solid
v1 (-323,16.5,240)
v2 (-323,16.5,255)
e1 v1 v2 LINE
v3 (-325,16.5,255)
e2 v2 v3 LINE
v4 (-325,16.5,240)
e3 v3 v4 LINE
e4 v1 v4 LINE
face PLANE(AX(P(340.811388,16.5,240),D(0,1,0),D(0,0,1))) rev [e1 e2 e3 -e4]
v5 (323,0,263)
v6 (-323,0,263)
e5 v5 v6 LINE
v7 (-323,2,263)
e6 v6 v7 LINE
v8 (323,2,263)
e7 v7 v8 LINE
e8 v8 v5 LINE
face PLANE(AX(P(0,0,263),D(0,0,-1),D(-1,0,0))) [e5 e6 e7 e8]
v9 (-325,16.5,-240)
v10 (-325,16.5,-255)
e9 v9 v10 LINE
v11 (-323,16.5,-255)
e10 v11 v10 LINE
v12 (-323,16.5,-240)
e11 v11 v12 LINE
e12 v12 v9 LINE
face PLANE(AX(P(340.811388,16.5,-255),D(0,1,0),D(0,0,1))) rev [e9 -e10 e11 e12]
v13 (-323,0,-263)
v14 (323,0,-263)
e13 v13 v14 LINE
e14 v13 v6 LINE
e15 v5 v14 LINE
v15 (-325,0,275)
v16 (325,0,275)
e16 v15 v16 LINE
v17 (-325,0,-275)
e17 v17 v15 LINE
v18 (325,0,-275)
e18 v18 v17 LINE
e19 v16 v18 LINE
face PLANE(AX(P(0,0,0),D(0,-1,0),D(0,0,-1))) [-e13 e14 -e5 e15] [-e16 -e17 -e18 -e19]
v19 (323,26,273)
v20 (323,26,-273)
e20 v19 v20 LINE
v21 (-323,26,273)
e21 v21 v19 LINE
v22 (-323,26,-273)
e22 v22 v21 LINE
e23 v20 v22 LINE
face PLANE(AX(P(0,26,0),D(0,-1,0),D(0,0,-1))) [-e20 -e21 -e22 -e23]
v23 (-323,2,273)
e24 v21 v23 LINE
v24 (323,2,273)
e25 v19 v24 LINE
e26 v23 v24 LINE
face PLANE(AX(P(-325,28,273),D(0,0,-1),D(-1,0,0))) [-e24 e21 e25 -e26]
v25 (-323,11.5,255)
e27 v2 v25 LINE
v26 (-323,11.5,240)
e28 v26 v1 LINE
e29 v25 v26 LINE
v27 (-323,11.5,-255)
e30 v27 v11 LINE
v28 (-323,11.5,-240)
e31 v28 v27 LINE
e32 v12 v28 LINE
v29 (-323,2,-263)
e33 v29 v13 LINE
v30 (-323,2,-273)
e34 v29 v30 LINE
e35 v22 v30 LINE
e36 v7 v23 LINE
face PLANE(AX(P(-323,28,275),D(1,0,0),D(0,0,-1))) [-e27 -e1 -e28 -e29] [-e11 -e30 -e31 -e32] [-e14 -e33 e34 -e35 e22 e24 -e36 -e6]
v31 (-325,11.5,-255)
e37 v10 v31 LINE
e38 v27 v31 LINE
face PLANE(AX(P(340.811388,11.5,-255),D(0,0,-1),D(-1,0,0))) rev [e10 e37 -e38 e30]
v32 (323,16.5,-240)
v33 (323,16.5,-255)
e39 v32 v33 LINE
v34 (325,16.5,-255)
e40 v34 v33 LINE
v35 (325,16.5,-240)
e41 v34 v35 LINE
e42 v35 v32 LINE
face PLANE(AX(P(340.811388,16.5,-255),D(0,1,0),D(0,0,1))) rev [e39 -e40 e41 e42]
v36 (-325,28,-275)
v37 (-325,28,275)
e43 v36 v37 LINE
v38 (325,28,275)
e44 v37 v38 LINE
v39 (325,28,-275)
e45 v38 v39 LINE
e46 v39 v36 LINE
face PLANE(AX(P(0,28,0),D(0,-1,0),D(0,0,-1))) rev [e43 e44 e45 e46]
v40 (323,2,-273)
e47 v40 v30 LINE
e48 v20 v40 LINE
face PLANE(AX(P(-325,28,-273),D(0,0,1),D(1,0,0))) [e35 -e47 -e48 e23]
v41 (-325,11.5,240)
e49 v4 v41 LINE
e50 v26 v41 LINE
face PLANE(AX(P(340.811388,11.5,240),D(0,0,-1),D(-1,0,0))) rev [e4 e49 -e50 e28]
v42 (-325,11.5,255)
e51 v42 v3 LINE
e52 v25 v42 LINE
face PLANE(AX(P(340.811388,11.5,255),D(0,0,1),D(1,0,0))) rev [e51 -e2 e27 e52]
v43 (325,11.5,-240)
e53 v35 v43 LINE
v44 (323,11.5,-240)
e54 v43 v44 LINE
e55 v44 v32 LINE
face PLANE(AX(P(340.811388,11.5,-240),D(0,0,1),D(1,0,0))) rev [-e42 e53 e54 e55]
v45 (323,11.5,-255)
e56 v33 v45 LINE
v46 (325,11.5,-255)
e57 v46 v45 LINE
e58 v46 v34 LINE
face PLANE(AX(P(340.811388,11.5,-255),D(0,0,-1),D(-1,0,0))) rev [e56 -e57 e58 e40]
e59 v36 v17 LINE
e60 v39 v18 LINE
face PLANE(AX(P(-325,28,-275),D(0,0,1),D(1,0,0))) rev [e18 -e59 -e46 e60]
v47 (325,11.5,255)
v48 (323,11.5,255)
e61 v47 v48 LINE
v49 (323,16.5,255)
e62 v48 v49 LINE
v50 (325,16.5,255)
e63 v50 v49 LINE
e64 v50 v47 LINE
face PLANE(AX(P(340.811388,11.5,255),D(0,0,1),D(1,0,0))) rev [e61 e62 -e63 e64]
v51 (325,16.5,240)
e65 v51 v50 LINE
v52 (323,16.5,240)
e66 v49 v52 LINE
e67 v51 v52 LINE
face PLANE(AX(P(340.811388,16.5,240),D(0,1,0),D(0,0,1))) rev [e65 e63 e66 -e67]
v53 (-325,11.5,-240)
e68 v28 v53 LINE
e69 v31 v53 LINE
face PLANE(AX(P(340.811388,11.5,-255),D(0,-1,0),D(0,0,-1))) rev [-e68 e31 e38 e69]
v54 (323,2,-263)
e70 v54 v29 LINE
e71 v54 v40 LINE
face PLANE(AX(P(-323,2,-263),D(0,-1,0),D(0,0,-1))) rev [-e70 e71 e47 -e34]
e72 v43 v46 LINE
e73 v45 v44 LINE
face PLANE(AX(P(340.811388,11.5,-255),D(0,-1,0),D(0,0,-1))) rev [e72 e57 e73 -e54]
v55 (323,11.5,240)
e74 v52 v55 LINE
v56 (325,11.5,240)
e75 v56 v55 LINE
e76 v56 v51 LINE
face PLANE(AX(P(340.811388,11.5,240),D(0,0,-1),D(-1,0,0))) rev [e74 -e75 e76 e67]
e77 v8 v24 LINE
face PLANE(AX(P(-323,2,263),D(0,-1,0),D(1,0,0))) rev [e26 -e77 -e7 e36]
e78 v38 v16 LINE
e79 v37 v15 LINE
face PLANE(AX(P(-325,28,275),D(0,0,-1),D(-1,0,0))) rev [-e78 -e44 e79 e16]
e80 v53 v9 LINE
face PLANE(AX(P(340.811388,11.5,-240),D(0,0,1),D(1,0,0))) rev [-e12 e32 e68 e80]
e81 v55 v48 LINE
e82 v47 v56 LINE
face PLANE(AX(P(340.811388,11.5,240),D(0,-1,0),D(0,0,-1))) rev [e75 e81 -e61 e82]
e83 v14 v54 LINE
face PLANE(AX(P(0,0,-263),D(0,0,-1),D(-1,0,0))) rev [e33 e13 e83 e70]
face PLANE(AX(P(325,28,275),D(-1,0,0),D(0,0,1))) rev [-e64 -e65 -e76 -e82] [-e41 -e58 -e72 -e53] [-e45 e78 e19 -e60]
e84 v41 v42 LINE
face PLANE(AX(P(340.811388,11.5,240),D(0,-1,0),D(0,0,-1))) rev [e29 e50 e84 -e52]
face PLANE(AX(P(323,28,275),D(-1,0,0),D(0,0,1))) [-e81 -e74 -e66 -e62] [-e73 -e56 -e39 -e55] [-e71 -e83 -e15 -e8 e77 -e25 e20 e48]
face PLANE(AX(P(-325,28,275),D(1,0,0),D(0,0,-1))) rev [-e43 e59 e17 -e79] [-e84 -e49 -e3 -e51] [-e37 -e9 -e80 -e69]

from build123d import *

# Parameters (mm, degrees)
CROQUIS1_W              = 650
CROQUIS1_H              = 550
SALIENTE_EXTRUIR1_DEPTH = 28
VACIADO1_T              = -2
CROQUIS2_W              = 646
CROQUIS2_H              = 2
SALIENTE_EXTRUIR2_DEPTH = 10
CROQUIS3_W              = 646
CROQUIS3_H              = 2
SALIENTE_EXTRUIR3_DEPTH = 10
CORTAR_EXTRUIR1_REACH   = 708.335
CROQUIS4_W              = 15
CROQUIS4_H              = 5


with BuildPart() as part:
    # Croquis1 → Saliente-Extruir1 (new body)
    with BuildSketch(Plane(origin=(0, 0, 0), x_dir=(1, 0, 0), z_dir=(0, 1, 0))):
        Rectangle(CROQUIS1_W, CROQUIS1_H)
    extrude(amount=SALIENTE_EXTRUIR1_DEPTH)

    # Vaciado1
    vaciado1_openings = [part.faces().sort_by_distance(p)[0] for p in [
        (0, 0, 0),
    ]]
    offset(amount=VACIADO1_T, openings=vaciado1_openings, kind=Kind.INTERSECTION)

    # Croquis2 → Saliente-Extruir2 (add)
    with BuildSketch(Plane(origin=(0, 0, 273), x_dir=(-1, 0, 0), z_dir=(0, 0, -1))):
        with Locations((0, 1)):
            Rectangle(CROQUIS2_W, CROQUIS2_H)
    extrude(amount=SALIENTE_EXTRUIR2_DEPTH)

    # Croquis3 → Saliente-Extruir3 (add)
    with BuildSketch(Plane.XY.offset(-273)):
        with Locations((0, 1)):
            Rectangle(CROQUIS3_W, CROQUIS3_H)
    extrude(amount=SALIENTE_EXTRUIR3_DEPTH)

    # Cortar-Extruir1: up to this face of the body (flat: up to its plane)
    cortar_extruir1_end = Plane(part.part.faces().sort_by_distance((325, 14, 0))[0])
    # Croquis4 → Cortar-Extruir1 (cut, up to the picked face)
    with BuildSketch(Plane.ZY.offset(325), mode=Mode.PRIVATE) as cortar_extruir1_sk1:
        with Locations((-247.5, 14)):
            Rectangle(CROQUIS4_W, CROQUIS4_H)
    cortar_extruir1_tool1 = split(extrude(cortar_extruir1_sk1.sketch, amount=-CORTAR_EXTRUIR1_REACH, mode=Mode.PRIVATE), bisect_by=cortar_extruir1_end, keep=Keep.BOTH, mode=Mode.PRIVATE)
    # Croquis4 → Cortar-Extruir1 (cut, up to the picked face)
    with BuildSketch(Plane.ZY.offset(325), mode=Mode.PRIVATE) as cortar_extruir1_sk2:
        with Locations((247.5, 14)):
            Rectangle(CROQUIS4_W, CROQUIS4_H)
    cortar_extruir1_tool2 = split(extrude(cortar_extruir1_sk2.sketch, amount=-CORTAR_EXTRUIR1_REACH, mode=Mode.PRIVATE), bisect_by=cortar_extruir1_end, keep=Keep.BOTH, mode=Mode.PRIVATE)
    add(cortar_extruir1_tool1.solids().sort_by(Axis((-325, 14, -247.5), (1, 0, 0)))[0], mode=Mode.SUBTRACT)
    add(cortar_extruir1_tool2.solids().sort_by(Axis((-325, 14, 247.5), (1, 0, 0)))[0], mode=Mode.SUBTRACT)


solid = part.part
